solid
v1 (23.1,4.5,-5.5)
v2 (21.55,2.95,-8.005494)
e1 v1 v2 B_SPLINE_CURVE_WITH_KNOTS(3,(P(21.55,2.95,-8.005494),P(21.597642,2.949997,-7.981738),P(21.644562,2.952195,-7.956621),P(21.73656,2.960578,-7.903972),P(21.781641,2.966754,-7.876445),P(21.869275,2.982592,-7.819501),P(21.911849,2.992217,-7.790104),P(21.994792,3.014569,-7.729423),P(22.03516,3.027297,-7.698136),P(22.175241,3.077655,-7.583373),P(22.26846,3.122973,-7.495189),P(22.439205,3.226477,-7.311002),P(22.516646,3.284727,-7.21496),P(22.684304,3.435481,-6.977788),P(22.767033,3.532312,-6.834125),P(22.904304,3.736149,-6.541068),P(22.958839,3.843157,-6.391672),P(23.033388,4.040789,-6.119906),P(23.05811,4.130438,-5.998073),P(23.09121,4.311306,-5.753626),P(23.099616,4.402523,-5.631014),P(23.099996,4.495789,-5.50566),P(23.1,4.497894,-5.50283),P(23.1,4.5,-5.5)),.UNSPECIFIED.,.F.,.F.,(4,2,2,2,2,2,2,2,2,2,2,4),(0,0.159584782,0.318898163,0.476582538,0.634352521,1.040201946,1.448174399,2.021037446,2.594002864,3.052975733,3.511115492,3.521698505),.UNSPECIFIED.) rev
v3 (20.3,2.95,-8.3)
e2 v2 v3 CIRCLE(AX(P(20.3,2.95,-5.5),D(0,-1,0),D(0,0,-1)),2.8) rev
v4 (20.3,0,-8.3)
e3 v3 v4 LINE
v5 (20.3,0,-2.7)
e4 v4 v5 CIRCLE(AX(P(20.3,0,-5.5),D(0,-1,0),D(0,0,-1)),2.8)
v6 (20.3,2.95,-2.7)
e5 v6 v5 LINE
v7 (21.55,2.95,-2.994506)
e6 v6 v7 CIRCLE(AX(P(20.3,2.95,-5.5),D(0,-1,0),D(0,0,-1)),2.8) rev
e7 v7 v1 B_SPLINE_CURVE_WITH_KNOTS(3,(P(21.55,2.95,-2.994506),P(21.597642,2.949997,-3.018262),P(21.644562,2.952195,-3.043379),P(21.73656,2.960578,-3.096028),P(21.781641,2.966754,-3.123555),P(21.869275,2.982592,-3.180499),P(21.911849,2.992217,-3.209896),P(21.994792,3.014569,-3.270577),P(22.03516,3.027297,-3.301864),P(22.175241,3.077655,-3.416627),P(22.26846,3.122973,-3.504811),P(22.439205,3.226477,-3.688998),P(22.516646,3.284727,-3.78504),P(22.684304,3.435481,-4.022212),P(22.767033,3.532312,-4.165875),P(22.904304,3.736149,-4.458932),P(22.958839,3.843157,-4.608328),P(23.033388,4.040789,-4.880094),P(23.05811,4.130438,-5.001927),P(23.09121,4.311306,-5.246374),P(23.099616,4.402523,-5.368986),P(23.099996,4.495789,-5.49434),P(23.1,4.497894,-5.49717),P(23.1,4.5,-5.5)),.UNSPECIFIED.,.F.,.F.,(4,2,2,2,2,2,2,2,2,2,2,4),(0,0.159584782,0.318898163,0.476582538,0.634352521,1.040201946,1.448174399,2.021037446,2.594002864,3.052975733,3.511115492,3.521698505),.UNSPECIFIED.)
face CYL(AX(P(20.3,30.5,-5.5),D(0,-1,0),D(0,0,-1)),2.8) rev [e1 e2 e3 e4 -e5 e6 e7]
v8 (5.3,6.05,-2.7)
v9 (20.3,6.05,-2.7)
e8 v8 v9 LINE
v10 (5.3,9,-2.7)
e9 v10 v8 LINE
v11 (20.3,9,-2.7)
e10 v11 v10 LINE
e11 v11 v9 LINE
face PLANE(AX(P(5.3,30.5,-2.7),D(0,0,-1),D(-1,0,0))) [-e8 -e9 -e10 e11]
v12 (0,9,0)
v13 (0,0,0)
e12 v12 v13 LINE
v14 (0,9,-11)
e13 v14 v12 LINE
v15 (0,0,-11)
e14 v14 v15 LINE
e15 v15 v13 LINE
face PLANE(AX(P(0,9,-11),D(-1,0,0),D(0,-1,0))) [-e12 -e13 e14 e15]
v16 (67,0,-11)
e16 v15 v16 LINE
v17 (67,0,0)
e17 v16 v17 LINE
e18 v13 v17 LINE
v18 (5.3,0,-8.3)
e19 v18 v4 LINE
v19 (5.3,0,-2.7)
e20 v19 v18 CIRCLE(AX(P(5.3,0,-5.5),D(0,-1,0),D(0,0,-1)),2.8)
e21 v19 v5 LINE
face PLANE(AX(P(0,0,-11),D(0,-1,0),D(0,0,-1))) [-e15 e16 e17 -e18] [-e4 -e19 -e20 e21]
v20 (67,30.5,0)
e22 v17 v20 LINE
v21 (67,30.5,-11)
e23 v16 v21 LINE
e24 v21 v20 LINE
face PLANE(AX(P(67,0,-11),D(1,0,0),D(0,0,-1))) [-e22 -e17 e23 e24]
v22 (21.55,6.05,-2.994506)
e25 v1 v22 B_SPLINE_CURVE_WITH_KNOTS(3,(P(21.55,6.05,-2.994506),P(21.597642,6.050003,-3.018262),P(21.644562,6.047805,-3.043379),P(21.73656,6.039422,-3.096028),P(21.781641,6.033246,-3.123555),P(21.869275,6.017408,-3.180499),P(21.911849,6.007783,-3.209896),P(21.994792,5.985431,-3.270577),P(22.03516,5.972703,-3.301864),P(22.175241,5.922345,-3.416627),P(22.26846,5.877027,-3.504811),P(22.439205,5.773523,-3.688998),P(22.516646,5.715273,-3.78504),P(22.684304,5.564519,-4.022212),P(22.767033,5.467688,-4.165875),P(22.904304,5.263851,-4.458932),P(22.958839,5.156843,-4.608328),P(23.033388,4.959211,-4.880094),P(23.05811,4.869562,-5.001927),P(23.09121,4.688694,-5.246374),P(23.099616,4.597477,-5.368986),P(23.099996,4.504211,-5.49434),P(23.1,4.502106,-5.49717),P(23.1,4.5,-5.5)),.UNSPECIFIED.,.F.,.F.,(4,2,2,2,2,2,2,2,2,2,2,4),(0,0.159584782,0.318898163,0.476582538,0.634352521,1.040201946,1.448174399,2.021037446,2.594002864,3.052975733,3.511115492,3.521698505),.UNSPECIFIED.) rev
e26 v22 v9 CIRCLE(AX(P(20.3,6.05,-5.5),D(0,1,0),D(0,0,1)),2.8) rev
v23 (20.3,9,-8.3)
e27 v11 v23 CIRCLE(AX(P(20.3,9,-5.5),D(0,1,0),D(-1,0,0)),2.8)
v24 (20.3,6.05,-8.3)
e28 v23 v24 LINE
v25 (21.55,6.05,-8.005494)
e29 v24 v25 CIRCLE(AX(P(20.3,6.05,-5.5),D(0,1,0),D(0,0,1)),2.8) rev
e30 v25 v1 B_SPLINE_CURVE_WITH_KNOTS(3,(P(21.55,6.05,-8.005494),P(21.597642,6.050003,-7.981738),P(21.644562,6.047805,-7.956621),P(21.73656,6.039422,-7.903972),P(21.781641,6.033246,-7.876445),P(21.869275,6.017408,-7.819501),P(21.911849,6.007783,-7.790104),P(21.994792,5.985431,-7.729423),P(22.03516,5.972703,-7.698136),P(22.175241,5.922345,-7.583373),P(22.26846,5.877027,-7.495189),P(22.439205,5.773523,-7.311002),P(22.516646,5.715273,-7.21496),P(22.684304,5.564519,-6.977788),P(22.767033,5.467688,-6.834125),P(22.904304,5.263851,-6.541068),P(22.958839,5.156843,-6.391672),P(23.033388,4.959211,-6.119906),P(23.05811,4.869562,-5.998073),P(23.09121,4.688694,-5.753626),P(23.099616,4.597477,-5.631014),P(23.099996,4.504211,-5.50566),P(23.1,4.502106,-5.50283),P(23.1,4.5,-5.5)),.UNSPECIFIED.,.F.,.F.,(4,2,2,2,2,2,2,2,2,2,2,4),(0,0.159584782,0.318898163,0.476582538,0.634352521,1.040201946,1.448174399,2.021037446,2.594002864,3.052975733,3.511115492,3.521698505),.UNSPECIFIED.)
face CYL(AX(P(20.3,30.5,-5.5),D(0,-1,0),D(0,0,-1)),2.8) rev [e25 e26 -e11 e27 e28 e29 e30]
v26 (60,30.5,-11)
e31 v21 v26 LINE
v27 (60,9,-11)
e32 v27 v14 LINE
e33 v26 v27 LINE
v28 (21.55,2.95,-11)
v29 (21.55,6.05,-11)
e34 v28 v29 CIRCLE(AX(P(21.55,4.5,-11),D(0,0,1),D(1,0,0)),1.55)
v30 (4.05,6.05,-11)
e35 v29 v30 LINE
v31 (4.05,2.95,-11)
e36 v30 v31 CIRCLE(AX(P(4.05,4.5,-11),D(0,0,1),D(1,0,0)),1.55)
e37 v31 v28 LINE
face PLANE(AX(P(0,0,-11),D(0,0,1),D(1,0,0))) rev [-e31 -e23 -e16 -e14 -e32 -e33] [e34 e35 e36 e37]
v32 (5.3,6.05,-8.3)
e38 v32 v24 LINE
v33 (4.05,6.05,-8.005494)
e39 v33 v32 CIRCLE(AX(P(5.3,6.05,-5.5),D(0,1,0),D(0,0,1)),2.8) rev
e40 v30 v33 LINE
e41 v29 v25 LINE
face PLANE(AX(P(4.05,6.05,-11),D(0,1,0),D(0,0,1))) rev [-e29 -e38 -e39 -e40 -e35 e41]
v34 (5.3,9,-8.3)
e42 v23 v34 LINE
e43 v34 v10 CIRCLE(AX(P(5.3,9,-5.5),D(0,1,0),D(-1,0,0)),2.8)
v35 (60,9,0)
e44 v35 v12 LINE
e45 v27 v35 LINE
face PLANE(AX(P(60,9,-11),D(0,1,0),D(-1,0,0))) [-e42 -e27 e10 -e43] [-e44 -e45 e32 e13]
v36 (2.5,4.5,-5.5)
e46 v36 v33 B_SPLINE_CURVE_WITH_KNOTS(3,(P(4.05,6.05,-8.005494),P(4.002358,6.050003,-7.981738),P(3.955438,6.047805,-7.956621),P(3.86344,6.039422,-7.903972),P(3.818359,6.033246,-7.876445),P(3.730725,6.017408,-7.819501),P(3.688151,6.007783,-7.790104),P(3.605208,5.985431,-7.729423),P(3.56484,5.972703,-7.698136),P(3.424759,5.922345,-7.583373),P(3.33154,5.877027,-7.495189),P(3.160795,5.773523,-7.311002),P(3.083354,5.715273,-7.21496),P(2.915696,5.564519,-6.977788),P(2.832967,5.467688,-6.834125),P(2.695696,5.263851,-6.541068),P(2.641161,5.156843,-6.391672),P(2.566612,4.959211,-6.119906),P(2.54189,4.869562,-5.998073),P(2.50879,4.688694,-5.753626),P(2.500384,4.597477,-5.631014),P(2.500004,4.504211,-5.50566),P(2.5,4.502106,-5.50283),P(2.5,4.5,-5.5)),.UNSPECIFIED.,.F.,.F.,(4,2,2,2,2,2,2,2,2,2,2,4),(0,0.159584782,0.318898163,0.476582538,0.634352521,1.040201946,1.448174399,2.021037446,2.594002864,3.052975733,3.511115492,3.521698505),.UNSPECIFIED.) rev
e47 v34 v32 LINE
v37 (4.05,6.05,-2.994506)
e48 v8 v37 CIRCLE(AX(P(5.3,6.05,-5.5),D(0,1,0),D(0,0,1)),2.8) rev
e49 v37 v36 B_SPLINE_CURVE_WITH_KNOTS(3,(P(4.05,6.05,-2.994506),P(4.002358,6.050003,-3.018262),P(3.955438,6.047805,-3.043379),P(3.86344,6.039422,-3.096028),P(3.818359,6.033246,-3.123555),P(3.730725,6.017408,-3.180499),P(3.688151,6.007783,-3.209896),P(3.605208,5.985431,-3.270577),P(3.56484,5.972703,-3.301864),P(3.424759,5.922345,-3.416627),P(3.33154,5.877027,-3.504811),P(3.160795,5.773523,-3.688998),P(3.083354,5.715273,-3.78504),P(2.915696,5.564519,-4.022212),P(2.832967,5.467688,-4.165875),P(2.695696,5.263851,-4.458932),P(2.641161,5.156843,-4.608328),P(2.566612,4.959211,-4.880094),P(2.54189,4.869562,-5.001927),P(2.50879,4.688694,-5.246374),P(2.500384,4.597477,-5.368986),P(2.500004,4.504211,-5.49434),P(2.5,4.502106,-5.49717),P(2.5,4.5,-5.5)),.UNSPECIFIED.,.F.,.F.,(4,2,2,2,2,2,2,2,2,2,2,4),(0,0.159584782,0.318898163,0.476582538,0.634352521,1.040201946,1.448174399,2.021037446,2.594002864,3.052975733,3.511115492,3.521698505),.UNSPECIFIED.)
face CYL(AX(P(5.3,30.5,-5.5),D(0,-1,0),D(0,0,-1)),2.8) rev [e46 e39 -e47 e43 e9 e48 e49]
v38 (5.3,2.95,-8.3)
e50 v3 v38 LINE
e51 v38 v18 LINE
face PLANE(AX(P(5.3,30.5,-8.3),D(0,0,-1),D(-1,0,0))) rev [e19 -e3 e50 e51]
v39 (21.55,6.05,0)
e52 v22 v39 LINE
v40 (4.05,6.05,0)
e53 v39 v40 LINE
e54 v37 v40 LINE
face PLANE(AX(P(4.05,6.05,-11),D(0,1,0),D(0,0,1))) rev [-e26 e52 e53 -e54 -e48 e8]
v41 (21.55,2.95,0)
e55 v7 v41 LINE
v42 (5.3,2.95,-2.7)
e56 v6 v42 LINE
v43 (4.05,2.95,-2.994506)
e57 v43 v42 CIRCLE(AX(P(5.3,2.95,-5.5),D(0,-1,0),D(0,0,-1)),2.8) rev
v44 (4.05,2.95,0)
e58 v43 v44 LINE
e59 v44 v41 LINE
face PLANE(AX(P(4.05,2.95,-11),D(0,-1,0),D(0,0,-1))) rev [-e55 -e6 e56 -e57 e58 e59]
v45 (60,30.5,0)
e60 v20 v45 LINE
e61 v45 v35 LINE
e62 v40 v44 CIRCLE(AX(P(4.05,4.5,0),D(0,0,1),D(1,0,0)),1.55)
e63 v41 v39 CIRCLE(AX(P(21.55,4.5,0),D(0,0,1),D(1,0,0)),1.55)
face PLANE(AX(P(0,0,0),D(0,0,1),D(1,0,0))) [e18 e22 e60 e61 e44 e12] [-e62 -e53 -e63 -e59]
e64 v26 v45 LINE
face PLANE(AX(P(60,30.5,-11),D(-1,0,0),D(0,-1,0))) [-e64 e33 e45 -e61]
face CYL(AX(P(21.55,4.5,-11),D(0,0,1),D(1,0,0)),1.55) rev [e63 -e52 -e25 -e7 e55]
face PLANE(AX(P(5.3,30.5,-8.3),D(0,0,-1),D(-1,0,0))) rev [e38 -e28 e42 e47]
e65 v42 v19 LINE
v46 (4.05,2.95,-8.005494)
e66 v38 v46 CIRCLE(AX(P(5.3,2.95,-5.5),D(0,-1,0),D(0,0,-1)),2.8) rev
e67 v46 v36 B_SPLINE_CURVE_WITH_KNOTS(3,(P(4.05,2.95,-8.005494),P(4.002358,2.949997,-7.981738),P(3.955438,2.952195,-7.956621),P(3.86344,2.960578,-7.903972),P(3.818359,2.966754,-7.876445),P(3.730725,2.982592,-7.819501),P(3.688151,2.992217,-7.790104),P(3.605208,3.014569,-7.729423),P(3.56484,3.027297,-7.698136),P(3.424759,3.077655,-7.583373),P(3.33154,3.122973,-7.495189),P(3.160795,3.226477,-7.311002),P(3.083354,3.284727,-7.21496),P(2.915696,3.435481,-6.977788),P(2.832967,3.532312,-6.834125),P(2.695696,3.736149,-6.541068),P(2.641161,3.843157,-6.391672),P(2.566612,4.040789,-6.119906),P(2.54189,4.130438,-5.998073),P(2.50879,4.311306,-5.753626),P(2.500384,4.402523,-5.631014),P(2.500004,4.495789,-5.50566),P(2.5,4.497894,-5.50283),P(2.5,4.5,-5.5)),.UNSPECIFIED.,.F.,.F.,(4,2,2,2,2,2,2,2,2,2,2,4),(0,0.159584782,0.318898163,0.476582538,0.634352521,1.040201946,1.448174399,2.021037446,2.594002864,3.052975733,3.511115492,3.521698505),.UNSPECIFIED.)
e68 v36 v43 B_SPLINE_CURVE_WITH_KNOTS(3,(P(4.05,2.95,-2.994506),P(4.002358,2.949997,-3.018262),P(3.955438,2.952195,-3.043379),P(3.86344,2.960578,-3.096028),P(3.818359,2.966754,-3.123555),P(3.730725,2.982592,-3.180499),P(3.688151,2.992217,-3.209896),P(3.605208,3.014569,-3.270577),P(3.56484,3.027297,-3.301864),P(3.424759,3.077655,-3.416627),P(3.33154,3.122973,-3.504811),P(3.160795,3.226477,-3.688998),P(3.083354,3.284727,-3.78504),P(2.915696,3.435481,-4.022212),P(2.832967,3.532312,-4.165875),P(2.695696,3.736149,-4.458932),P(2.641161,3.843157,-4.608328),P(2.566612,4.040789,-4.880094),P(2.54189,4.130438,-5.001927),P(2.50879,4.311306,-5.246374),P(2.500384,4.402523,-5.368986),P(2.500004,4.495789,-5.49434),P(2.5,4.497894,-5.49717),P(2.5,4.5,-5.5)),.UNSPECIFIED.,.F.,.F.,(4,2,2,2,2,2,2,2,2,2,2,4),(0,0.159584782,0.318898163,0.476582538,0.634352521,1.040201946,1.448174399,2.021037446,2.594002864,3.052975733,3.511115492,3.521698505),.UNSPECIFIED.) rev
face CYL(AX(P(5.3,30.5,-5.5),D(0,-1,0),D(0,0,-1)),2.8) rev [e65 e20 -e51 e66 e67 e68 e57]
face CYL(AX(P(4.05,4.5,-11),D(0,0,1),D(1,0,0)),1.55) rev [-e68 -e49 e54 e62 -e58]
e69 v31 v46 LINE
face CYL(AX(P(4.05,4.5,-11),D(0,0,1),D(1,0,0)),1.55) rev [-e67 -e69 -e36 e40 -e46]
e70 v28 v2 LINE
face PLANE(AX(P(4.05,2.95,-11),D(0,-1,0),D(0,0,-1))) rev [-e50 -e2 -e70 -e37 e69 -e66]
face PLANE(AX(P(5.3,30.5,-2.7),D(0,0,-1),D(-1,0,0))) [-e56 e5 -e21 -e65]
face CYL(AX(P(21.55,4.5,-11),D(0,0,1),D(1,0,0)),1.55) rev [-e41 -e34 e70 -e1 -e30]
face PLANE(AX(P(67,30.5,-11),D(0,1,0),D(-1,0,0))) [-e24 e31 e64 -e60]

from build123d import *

# Parameters (mm, degrees)
BOSS_EXTRUDE1_DEPTH = 11
CUT_EXTRUDE1_DEPTH  = 75.432855649
CUT_EXTRUDE2_DEPTH  = 75.432855649


with BuildPart() as part:
    # Sketch1 → Boss-Extrude1 (new body)
    with BuildSketch(Plane.XY):
        Polygon((0, 0), (67, 0), (67, 30.5), (60, 30.5), (60, 9), (0, 9), align=None)
    extrude(amount=-BOSS_EXTRUDE1_DEPTH)

    # Sketch2 → Cut-Extrude1 (cut, through all)
    with BuildSketch(Plane.XZ):
        with BuildLine():
            Line((5.3, -2.7), (20.3, -2.7))
            ThreePointArc((20.3, -2.7), (23.1, -5.5), (20.3, -8.3))
            Line((20.3, -8.3), (5.3, -8.3))
            ThreePointArc((5.3, -8.3), (2.5, -5.5), (5.3, -2.7))
        make_face()
    extrude(amount=-CUT_EXTRUDE1_DEPTH, mode=Mode.SUBTRACT)

    # Sketch3 → Cut-Extrude2 (cut, through all)
    with BuildSketch(Plane.XY):
        with BuildLine():
            Line((4.05, 6.05), (21.55, 6.05))
            ThreePointArc((21.55, 6.05), (23.1, 4.5), (21.55, 2.95))
            Line((21.55, 2.95), (4.05, 2.95))
            ThreePointArc((4.05, 2.95), (2.5, 4.5), (4.05, 6.05))
        make_face()
    extrude(amount=-CUT_EXTRUDE2_DEPTH, mode=Mode.SUBTRACT)


solid = part.part
